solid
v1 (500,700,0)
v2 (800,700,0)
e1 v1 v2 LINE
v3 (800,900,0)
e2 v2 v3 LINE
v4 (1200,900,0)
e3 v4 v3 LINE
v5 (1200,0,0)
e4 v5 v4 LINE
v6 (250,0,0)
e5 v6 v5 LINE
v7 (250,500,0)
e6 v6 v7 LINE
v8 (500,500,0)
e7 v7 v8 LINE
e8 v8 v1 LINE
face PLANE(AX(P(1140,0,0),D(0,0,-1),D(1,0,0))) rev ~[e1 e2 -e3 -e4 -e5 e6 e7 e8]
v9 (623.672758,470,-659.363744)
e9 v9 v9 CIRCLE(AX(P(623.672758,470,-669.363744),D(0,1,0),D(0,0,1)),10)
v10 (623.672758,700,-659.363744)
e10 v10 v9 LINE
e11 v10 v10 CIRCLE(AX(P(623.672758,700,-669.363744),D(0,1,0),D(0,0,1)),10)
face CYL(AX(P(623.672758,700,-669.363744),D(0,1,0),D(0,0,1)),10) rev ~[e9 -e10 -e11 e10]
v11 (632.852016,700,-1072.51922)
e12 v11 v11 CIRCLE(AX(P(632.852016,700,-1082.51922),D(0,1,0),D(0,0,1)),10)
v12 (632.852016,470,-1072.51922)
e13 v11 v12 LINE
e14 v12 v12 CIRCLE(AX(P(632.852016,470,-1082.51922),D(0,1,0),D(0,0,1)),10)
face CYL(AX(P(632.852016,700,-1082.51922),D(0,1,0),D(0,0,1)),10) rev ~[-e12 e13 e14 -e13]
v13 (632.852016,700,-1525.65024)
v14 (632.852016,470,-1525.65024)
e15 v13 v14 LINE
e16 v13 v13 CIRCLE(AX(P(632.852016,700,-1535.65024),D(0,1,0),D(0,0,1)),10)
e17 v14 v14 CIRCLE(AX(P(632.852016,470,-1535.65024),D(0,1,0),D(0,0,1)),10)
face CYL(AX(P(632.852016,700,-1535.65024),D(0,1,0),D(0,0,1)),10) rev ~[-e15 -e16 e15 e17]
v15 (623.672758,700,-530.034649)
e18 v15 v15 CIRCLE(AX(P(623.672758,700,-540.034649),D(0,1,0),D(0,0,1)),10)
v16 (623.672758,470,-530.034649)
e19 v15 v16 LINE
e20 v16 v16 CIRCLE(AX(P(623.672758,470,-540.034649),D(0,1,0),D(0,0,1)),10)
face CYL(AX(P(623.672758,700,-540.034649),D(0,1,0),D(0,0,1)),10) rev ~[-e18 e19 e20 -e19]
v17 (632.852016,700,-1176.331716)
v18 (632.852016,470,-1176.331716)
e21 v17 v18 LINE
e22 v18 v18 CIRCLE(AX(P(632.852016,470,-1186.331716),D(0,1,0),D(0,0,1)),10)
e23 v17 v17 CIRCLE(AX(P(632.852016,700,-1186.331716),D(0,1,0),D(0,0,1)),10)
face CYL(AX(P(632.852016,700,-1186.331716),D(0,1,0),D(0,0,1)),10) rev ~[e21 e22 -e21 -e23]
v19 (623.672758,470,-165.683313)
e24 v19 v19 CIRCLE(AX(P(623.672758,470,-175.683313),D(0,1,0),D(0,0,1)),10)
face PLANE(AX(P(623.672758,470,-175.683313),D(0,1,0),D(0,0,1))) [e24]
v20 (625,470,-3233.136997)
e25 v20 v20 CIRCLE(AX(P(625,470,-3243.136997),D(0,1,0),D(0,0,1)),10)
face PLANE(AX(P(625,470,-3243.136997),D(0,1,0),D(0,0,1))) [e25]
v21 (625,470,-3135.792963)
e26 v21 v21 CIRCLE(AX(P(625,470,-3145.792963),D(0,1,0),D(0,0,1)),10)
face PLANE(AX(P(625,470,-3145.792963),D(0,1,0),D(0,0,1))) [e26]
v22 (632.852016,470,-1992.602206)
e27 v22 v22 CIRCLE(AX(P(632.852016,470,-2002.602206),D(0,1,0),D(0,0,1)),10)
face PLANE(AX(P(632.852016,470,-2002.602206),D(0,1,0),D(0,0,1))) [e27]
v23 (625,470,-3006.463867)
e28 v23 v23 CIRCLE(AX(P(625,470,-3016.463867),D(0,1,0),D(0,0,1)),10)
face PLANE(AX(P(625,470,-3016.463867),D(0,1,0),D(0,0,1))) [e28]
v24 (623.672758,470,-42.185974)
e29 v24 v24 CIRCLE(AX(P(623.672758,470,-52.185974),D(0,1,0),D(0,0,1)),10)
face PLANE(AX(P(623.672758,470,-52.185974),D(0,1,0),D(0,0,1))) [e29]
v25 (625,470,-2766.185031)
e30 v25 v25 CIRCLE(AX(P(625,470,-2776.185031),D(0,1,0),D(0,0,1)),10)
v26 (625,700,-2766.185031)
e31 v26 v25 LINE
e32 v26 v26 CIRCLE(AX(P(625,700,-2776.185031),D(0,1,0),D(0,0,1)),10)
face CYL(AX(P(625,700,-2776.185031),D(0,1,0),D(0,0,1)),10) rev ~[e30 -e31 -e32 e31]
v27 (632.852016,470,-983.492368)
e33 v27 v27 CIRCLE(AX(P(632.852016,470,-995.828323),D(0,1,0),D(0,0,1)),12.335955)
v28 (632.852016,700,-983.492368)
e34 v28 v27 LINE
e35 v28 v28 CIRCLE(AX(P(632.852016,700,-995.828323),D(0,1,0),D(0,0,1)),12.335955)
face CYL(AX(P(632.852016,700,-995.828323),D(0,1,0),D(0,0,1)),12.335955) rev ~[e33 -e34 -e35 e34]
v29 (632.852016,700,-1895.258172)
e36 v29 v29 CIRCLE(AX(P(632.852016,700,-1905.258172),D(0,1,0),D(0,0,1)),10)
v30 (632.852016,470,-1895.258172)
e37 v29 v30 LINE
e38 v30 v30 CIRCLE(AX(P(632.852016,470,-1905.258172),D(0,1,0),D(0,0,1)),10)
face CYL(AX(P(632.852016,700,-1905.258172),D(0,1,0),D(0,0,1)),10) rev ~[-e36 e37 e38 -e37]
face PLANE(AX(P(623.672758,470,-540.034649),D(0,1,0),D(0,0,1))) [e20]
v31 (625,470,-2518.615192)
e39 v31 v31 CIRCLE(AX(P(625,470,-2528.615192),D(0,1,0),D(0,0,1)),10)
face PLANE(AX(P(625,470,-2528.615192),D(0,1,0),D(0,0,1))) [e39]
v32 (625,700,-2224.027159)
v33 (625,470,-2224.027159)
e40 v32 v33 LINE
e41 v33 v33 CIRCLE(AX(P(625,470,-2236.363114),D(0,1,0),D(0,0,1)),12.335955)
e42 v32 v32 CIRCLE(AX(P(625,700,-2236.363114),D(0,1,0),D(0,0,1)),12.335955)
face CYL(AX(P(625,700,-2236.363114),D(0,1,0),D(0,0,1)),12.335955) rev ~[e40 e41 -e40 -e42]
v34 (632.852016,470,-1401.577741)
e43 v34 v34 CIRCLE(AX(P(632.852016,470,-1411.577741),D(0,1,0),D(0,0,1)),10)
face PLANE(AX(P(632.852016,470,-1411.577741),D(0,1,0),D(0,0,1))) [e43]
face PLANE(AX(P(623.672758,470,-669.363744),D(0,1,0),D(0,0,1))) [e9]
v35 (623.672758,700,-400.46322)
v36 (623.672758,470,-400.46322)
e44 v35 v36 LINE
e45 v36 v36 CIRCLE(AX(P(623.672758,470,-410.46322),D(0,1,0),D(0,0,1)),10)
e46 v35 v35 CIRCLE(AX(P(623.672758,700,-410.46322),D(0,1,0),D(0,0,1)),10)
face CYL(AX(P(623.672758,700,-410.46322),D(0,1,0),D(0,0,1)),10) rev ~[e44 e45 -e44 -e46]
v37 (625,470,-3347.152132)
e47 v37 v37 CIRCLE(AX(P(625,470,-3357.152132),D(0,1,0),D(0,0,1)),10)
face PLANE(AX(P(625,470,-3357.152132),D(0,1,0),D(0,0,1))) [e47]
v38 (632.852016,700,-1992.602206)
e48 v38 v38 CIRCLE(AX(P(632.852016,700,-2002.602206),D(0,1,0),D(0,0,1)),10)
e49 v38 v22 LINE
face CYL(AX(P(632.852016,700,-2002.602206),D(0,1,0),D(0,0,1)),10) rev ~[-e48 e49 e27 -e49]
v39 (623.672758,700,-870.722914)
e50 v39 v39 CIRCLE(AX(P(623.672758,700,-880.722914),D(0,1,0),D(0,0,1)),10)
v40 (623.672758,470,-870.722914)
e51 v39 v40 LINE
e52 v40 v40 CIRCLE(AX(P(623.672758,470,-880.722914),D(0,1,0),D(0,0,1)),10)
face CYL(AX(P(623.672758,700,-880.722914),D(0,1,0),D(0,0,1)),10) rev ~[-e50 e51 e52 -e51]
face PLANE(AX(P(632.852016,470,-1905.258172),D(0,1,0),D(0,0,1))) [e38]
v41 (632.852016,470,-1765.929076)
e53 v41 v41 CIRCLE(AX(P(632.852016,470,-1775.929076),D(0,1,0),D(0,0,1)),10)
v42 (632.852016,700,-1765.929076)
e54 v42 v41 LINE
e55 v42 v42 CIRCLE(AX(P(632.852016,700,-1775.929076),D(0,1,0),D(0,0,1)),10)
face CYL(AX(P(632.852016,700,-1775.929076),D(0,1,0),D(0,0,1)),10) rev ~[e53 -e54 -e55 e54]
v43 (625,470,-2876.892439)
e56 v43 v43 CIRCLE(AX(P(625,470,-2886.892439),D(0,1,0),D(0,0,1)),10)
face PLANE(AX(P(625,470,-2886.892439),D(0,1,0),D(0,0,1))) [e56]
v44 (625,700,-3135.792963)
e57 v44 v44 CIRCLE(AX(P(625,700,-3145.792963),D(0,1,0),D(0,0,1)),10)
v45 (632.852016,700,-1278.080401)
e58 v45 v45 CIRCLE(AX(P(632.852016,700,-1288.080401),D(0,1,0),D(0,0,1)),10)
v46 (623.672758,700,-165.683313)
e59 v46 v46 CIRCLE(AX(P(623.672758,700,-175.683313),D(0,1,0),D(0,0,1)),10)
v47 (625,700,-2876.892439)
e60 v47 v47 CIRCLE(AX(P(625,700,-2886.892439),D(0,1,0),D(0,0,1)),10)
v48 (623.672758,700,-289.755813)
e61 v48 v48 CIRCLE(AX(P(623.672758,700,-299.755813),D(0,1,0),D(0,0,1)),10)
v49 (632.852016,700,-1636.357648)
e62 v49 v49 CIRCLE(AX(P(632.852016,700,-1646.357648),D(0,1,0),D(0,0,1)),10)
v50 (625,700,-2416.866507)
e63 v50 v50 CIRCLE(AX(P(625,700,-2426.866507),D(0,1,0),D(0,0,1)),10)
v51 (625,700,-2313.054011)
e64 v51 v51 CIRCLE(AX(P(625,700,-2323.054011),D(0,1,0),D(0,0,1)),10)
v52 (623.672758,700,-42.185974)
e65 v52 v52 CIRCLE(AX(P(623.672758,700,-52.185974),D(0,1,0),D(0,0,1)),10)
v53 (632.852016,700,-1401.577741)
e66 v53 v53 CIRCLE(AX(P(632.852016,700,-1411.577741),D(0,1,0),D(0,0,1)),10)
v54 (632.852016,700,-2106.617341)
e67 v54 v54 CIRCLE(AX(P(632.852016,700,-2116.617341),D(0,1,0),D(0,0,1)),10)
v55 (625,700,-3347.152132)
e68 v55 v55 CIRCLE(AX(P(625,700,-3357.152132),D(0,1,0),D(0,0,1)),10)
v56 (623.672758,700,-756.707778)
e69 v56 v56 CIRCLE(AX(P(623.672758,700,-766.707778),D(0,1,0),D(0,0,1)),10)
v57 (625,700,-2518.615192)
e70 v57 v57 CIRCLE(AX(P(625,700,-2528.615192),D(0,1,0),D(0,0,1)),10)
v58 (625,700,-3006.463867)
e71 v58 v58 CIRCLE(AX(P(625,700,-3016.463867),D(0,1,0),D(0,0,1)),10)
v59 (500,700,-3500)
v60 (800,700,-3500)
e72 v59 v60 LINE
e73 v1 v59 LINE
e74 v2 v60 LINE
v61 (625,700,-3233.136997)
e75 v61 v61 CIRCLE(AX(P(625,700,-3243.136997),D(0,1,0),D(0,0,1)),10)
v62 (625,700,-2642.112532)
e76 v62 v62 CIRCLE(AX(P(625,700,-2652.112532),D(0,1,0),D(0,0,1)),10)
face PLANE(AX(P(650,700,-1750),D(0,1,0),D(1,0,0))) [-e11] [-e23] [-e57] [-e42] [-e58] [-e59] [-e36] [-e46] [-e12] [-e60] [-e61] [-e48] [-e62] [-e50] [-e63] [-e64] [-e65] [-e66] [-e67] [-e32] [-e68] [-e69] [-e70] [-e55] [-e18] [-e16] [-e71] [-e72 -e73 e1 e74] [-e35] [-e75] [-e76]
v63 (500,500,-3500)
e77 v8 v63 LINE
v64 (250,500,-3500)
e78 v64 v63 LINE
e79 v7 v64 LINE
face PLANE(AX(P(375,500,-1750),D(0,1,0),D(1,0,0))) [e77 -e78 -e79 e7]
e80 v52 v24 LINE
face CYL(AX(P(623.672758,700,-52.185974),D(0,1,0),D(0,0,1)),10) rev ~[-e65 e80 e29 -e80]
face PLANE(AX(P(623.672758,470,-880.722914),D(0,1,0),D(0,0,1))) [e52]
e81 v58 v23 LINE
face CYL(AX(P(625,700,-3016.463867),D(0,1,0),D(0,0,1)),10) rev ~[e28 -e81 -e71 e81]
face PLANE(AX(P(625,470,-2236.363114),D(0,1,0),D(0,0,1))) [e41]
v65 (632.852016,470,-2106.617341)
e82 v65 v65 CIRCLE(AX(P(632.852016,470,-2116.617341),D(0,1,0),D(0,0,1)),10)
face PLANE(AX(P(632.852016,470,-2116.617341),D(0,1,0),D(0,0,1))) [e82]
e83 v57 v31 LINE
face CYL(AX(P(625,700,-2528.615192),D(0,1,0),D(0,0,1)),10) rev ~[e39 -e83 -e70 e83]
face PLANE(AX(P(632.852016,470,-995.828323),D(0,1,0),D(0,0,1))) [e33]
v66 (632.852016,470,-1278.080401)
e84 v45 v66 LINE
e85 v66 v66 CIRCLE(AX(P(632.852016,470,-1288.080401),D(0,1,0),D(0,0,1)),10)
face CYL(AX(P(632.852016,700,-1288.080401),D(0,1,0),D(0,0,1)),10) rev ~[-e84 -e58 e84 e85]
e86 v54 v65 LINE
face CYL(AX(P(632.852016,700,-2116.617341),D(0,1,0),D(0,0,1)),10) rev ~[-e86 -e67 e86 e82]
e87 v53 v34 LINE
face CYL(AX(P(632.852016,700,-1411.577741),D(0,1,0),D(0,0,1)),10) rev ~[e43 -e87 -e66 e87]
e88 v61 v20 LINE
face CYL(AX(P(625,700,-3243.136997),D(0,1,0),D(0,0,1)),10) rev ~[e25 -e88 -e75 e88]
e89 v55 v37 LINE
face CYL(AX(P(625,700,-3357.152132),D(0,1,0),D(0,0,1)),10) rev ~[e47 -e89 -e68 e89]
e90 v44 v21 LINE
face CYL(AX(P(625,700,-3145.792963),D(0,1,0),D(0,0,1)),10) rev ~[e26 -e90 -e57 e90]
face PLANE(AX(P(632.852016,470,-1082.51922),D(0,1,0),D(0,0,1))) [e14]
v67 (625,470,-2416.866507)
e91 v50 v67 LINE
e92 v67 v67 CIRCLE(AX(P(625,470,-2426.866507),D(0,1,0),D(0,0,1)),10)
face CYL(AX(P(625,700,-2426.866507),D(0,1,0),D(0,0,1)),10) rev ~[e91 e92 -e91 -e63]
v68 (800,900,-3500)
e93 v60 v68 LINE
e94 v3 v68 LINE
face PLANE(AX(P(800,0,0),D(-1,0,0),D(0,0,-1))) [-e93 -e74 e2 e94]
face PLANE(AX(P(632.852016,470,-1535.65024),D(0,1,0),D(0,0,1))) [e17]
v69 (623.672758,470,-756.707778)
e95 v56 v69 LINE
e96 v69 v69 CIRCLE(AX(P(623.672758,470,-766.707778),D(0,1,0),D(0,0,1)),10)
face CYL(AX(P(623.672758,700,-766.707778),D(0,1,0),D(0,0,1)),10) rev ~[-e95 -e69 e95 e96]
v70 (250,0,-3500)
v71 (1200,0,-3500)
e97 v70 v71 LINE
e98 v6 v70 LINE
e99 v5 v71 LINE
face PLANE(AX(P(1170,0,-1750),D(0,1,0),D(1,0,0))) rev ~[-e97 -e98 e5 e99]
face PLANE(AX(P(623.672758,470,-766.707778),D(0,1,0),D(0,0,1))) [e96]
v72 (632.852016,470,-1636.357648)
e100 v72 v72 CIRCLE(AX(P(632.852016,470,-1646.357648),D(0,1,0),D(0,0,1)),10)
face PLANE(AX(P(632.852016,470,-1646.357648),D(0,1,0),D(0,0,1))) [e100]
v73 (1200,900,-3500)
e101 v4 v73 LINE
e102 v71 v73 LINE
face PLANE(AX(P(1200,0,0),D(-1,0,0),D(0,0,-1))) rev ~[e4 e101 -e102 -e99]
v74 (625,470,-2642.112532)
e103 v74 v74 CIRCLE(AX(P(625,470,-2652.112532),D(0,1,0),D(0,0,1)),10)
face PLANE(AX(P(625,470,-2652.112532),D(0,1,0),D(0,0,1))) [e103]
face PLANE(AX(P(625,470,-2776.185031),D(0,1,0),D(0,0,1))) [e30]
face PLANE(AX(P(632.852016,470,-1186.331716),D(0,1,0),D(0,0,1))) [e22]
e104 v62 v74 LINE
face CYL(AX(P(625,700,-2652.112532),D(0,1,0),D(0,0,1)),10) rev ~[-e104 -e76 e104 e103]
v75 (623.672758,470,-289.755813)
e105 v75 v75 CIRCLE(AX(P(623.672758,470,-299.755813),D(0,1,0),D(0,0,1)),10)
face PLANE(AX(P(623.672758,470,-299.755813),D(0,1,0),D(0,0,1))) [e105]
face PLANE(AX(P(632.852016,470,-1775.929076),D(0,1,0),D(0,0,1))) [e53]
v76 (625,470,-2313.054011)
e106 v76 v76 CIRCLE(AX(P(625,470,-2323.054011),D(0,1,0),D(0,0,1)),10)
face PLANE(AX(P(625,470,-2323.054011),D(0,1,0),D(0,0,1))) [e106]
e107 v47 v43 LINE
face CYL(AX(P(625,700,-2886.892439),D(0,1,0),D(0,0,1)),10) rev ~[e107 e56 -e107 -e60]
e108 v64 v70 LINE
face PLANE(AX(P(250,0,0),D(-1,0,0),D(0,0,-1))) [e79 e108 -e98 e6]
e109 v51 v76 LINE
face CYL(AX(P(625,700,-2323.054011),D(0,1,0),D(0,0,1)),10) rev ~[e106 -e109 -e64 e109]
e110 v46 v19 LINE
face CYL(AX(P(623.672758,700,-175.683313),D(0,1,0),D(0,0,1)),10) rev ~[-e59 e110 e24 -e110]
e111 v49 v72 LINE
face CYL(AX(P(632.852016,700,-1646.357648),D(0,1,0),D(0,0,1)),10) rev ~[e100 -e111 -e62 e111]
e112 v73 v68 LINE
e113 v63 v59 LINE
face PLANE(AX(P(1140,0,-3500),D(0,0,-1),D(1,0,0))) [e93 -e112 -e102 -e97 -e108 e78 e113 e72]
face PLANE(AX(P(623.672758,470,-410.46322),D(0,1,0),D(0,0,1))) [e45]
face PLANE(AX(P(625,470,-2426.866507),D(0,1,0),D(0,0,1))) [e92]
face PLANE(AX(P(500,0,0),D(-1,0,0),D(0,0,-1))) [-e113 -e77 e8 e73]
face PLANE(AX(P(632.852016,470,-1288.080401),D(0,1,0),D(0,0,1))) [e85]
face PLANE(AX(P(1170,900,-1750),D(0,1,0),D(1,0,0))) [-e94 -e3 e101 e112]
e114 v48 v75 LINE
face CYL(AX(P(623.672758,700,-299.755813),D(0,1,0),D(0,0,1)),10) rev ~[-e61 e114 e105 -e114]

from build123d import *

# Parameters (mm, degrees)
SKETCH_1_W           = 250
SKETCH_1_H           = 3500
EXTRUDE_1_DEPTH      = 300
SKETCH_1_3_W         = 250
SKETCH_1_3_H         = 3500
EXTRUDE_2_DEPTH      = 500
SKETCH_1_4_W         = 300
SKETCH_1_4_H         = 3500
EXTRUDE_3_DEPTH      = 700
SKETCH_1_5_W         = 340
SKETCH_1_5_H         = 3500
EXTRUDE_4_DEPTH      = 900
SKETCH_1_6_W         = 60
SKETCH_1_6_H         = 3500
EXTRUDE_5_DEPTH      = 900
SKETCH_2_R           = 10
SKETCH_2_R_2         = 12.335954766
CUT_EXTRUDE_1_DEPTH  = 230
SKETCH_10_R          = 10
SKETCH_10_R_2        = 12.335954766
CUT_EXTRUDE_8_DEPTH  = 230
SKETCH_16_R          = 10
SKETCH_16_R_2        = 12.335954766
CUT_EXTRUDE_14_DEPTH = 230


with BuildPart() as part:
    # Эскиз1 → Бобышка-Вытянуть1 (new body)
    with BuildSketch(Plane(origin=(0, 0, 0), x_dir=(1, 0, 0), z_dir=(0, 1, 0))):
        with Locations((375, 1750)):
            Rectangle(SKETCH_1_W, SKETCH_1_H)
    extrude(amount=EXTRUDE_1_DEPTH)

    # Эскиз1<3> → Бобышка-Вытянуть2 (add)
    with BuildSketch(Plane(origin=(0, 0, 0), x_dir=(1, 0, 0), z_dir=(0, 1, 0))):
        with Locations((375, 1750)):
            Rectangle(SKETCH_1_3_W, SKETCH_1_3_H)
    extrude(amount=EXTRUDE_2_DEPTH)

    # Эскиз1<4> → Бобышка-Вытянуть3 (add)
    with BuildSketch(Plane(origin=(0, 0, 0), x_dir=(1, 0, 0), z_dir=(0, 1, 0))):
        with Locations((650, 1750)):
            Rectangle(SKETCH_1_4_W, SKETCH_1_4_H)
    extrude(amount=EXTRUDE_3_DEPTH)

    # Эскиз1<5> → Бобышка-Вытянуть4 (add)
    with BuildSketch(Plane(origin=(0, 0, 0), x_dir=(1, 0, 0), z_dir=(0, 1, 0))):
        with Locations((970, 1750)):
            Rectangle(SKETCH_1_5_W, SKETCH_1_5_H)
    extrude(amount=EXTRUDE_4_DEPTH)

    # Эскиз1<6> → Бобышка-Вытянуть5 (add)
    with BuildSketch(Plane(origin=(0, 0, 0), x_dir=(1, 0, 0), z_dir=(0, 1, 0))):
        with Locations((1170, 1750)):
            Rectangle(SKETCH_1_6_W, SKETCH_1_6_H)
    extrude(amount=EXTRUDE_5_DEPTH)

    # Эскиз2 → Вырез-Вытянуть1 (cut)
    with BuildSketch(Plane(origin=(0, 700, 0), x_dir=(1, 0, 0), z_dir=(0, 1, 0))):
        with Locations((625, 3357.152132265)):
            Circle(SKETCH_2_R)
        with Locations((625, 3243.136997035)):
            Circle(SKETCH_2_R)
        with Locations((625, 3145.792962986)):
            Circle(SKETCH_2_R)
        with Locations((625, 3016.463867162)):
            Circle(SKETCH_2_R)
        with Locations((625, 2886.892438707)):
            Circle(SKETCH_2_R)
        with Locations((625, 2776.185031262)):
            Circle(SKETCH_2_R)
        with Locations((625, 2652.112531743)):
            Circle(SKETCH_2_R)
        with Locations((625, 2528.615192208)):
            Circle(SKETCH_2_R)
        with Locations((625, 2426.866506998)):
            Circle(SKETCH_2_R)
        with Locations((625, 2323.054011053)):
            Circle(SKETCH_2_R)
        with Locations((625, 2236.363113826)):
            Circle(SKETCH_2_R_2)
    extrude(amount=-CUT_EXTRUDE_1_DEPTH, mode=Mode.SUBTRACT)

    # Эскиз10 → Вырез-Вытянуть8 (cut)
    with BuildSketch(Plane(origin=(0, 700, 0), x_dir=(1, 0, 0), z_dir=(0, 1, 0))):
        with Locations((632.852016255, 2116.617341228)):
            Circle(SKETCH_10_R)
        with Locations((632.852016255, 2002.602205997)):
            Circle(SKETCH_10_R)
        with Locations((632.852016255, 1905.258171949)):
            Circle(SKETCH_10_R)
        with Locations((632.852016255, 1775.929076125)):
            Circle(SKETCH_10_R)
        with Locations((632.852016255, 1646.35764767)):
            Circle(SKETCH_10_R)
        with Locations((632.852016255, 1535.650240224)):
            Circle(SKETCH_10_R)
        with Locations((632.852016255, 1411.577740705)):
            Circle(SKETCH_10_R)
        with Locations((632.852016255, 1288.08040117)):
            Circle(SKETCH_10_R)
        with Locations((632.852016255, 1186.33171596)):
            Circle(SKETCH_10_R)
        with Locations((632.852016255, 1082.519220016)):
            Circle(SKETCH_10_R)
        with Locations((632.852016255, 995.828322788)):
            Circle(SKETCH_10_R_2)
    extrude(amount=-CUT_EXTRUDE_8_DEPTH, mode=Mode.SUBTRACT)

    # Эскиз16 → Вырез-Вытянуть14 (cut)
    with BuildSketch(Plane(origin=(0, 700, 0), x_dir=(1, 0, 0), z_dir=(0, 1, 0))):
        with Locations((623.672758158, 880.722913646)):
            Circle(SKETCH_16_R)
        with Locations((623.672758158, 766.707778415)):
            Circle(SKETCH_16_R)
        with Locations((623.672758158, 669.363744367)):
            Circle(SKETCH_16_R)
        with Locations((623.672758158, 540.034648543)):
            Circle(SKETCH_16_R)
        with Locations((623.672758158, 410.463220088)):
            Circle(SKETCH_16_R)
        with Locations((623.672758158, 299.755812642)):
            Circle(SKETCH_16_R)
        with Locations((623.672758158, 175.683313124)):
            Circle(SKETCH_16_R)
        with Locations((623.672758158, 52.185973589)):
            Circle(SKETCH_16_R)
        with Locations((623.672758158, -49.562711622)):
            Circle(SKETCH_16_R)
        with Locations((623.672758158, -153.375207566)):
            Circle(SKETCH_16_R)
        with Locations((623.672758158, -240.066104793)):
            Circle(SKETCH_16_R_2)
    extrude(amount=-CUT_EXTRUDE_14_DEPTH, mode=Mode.SUBTRACT)


solid = part.part
